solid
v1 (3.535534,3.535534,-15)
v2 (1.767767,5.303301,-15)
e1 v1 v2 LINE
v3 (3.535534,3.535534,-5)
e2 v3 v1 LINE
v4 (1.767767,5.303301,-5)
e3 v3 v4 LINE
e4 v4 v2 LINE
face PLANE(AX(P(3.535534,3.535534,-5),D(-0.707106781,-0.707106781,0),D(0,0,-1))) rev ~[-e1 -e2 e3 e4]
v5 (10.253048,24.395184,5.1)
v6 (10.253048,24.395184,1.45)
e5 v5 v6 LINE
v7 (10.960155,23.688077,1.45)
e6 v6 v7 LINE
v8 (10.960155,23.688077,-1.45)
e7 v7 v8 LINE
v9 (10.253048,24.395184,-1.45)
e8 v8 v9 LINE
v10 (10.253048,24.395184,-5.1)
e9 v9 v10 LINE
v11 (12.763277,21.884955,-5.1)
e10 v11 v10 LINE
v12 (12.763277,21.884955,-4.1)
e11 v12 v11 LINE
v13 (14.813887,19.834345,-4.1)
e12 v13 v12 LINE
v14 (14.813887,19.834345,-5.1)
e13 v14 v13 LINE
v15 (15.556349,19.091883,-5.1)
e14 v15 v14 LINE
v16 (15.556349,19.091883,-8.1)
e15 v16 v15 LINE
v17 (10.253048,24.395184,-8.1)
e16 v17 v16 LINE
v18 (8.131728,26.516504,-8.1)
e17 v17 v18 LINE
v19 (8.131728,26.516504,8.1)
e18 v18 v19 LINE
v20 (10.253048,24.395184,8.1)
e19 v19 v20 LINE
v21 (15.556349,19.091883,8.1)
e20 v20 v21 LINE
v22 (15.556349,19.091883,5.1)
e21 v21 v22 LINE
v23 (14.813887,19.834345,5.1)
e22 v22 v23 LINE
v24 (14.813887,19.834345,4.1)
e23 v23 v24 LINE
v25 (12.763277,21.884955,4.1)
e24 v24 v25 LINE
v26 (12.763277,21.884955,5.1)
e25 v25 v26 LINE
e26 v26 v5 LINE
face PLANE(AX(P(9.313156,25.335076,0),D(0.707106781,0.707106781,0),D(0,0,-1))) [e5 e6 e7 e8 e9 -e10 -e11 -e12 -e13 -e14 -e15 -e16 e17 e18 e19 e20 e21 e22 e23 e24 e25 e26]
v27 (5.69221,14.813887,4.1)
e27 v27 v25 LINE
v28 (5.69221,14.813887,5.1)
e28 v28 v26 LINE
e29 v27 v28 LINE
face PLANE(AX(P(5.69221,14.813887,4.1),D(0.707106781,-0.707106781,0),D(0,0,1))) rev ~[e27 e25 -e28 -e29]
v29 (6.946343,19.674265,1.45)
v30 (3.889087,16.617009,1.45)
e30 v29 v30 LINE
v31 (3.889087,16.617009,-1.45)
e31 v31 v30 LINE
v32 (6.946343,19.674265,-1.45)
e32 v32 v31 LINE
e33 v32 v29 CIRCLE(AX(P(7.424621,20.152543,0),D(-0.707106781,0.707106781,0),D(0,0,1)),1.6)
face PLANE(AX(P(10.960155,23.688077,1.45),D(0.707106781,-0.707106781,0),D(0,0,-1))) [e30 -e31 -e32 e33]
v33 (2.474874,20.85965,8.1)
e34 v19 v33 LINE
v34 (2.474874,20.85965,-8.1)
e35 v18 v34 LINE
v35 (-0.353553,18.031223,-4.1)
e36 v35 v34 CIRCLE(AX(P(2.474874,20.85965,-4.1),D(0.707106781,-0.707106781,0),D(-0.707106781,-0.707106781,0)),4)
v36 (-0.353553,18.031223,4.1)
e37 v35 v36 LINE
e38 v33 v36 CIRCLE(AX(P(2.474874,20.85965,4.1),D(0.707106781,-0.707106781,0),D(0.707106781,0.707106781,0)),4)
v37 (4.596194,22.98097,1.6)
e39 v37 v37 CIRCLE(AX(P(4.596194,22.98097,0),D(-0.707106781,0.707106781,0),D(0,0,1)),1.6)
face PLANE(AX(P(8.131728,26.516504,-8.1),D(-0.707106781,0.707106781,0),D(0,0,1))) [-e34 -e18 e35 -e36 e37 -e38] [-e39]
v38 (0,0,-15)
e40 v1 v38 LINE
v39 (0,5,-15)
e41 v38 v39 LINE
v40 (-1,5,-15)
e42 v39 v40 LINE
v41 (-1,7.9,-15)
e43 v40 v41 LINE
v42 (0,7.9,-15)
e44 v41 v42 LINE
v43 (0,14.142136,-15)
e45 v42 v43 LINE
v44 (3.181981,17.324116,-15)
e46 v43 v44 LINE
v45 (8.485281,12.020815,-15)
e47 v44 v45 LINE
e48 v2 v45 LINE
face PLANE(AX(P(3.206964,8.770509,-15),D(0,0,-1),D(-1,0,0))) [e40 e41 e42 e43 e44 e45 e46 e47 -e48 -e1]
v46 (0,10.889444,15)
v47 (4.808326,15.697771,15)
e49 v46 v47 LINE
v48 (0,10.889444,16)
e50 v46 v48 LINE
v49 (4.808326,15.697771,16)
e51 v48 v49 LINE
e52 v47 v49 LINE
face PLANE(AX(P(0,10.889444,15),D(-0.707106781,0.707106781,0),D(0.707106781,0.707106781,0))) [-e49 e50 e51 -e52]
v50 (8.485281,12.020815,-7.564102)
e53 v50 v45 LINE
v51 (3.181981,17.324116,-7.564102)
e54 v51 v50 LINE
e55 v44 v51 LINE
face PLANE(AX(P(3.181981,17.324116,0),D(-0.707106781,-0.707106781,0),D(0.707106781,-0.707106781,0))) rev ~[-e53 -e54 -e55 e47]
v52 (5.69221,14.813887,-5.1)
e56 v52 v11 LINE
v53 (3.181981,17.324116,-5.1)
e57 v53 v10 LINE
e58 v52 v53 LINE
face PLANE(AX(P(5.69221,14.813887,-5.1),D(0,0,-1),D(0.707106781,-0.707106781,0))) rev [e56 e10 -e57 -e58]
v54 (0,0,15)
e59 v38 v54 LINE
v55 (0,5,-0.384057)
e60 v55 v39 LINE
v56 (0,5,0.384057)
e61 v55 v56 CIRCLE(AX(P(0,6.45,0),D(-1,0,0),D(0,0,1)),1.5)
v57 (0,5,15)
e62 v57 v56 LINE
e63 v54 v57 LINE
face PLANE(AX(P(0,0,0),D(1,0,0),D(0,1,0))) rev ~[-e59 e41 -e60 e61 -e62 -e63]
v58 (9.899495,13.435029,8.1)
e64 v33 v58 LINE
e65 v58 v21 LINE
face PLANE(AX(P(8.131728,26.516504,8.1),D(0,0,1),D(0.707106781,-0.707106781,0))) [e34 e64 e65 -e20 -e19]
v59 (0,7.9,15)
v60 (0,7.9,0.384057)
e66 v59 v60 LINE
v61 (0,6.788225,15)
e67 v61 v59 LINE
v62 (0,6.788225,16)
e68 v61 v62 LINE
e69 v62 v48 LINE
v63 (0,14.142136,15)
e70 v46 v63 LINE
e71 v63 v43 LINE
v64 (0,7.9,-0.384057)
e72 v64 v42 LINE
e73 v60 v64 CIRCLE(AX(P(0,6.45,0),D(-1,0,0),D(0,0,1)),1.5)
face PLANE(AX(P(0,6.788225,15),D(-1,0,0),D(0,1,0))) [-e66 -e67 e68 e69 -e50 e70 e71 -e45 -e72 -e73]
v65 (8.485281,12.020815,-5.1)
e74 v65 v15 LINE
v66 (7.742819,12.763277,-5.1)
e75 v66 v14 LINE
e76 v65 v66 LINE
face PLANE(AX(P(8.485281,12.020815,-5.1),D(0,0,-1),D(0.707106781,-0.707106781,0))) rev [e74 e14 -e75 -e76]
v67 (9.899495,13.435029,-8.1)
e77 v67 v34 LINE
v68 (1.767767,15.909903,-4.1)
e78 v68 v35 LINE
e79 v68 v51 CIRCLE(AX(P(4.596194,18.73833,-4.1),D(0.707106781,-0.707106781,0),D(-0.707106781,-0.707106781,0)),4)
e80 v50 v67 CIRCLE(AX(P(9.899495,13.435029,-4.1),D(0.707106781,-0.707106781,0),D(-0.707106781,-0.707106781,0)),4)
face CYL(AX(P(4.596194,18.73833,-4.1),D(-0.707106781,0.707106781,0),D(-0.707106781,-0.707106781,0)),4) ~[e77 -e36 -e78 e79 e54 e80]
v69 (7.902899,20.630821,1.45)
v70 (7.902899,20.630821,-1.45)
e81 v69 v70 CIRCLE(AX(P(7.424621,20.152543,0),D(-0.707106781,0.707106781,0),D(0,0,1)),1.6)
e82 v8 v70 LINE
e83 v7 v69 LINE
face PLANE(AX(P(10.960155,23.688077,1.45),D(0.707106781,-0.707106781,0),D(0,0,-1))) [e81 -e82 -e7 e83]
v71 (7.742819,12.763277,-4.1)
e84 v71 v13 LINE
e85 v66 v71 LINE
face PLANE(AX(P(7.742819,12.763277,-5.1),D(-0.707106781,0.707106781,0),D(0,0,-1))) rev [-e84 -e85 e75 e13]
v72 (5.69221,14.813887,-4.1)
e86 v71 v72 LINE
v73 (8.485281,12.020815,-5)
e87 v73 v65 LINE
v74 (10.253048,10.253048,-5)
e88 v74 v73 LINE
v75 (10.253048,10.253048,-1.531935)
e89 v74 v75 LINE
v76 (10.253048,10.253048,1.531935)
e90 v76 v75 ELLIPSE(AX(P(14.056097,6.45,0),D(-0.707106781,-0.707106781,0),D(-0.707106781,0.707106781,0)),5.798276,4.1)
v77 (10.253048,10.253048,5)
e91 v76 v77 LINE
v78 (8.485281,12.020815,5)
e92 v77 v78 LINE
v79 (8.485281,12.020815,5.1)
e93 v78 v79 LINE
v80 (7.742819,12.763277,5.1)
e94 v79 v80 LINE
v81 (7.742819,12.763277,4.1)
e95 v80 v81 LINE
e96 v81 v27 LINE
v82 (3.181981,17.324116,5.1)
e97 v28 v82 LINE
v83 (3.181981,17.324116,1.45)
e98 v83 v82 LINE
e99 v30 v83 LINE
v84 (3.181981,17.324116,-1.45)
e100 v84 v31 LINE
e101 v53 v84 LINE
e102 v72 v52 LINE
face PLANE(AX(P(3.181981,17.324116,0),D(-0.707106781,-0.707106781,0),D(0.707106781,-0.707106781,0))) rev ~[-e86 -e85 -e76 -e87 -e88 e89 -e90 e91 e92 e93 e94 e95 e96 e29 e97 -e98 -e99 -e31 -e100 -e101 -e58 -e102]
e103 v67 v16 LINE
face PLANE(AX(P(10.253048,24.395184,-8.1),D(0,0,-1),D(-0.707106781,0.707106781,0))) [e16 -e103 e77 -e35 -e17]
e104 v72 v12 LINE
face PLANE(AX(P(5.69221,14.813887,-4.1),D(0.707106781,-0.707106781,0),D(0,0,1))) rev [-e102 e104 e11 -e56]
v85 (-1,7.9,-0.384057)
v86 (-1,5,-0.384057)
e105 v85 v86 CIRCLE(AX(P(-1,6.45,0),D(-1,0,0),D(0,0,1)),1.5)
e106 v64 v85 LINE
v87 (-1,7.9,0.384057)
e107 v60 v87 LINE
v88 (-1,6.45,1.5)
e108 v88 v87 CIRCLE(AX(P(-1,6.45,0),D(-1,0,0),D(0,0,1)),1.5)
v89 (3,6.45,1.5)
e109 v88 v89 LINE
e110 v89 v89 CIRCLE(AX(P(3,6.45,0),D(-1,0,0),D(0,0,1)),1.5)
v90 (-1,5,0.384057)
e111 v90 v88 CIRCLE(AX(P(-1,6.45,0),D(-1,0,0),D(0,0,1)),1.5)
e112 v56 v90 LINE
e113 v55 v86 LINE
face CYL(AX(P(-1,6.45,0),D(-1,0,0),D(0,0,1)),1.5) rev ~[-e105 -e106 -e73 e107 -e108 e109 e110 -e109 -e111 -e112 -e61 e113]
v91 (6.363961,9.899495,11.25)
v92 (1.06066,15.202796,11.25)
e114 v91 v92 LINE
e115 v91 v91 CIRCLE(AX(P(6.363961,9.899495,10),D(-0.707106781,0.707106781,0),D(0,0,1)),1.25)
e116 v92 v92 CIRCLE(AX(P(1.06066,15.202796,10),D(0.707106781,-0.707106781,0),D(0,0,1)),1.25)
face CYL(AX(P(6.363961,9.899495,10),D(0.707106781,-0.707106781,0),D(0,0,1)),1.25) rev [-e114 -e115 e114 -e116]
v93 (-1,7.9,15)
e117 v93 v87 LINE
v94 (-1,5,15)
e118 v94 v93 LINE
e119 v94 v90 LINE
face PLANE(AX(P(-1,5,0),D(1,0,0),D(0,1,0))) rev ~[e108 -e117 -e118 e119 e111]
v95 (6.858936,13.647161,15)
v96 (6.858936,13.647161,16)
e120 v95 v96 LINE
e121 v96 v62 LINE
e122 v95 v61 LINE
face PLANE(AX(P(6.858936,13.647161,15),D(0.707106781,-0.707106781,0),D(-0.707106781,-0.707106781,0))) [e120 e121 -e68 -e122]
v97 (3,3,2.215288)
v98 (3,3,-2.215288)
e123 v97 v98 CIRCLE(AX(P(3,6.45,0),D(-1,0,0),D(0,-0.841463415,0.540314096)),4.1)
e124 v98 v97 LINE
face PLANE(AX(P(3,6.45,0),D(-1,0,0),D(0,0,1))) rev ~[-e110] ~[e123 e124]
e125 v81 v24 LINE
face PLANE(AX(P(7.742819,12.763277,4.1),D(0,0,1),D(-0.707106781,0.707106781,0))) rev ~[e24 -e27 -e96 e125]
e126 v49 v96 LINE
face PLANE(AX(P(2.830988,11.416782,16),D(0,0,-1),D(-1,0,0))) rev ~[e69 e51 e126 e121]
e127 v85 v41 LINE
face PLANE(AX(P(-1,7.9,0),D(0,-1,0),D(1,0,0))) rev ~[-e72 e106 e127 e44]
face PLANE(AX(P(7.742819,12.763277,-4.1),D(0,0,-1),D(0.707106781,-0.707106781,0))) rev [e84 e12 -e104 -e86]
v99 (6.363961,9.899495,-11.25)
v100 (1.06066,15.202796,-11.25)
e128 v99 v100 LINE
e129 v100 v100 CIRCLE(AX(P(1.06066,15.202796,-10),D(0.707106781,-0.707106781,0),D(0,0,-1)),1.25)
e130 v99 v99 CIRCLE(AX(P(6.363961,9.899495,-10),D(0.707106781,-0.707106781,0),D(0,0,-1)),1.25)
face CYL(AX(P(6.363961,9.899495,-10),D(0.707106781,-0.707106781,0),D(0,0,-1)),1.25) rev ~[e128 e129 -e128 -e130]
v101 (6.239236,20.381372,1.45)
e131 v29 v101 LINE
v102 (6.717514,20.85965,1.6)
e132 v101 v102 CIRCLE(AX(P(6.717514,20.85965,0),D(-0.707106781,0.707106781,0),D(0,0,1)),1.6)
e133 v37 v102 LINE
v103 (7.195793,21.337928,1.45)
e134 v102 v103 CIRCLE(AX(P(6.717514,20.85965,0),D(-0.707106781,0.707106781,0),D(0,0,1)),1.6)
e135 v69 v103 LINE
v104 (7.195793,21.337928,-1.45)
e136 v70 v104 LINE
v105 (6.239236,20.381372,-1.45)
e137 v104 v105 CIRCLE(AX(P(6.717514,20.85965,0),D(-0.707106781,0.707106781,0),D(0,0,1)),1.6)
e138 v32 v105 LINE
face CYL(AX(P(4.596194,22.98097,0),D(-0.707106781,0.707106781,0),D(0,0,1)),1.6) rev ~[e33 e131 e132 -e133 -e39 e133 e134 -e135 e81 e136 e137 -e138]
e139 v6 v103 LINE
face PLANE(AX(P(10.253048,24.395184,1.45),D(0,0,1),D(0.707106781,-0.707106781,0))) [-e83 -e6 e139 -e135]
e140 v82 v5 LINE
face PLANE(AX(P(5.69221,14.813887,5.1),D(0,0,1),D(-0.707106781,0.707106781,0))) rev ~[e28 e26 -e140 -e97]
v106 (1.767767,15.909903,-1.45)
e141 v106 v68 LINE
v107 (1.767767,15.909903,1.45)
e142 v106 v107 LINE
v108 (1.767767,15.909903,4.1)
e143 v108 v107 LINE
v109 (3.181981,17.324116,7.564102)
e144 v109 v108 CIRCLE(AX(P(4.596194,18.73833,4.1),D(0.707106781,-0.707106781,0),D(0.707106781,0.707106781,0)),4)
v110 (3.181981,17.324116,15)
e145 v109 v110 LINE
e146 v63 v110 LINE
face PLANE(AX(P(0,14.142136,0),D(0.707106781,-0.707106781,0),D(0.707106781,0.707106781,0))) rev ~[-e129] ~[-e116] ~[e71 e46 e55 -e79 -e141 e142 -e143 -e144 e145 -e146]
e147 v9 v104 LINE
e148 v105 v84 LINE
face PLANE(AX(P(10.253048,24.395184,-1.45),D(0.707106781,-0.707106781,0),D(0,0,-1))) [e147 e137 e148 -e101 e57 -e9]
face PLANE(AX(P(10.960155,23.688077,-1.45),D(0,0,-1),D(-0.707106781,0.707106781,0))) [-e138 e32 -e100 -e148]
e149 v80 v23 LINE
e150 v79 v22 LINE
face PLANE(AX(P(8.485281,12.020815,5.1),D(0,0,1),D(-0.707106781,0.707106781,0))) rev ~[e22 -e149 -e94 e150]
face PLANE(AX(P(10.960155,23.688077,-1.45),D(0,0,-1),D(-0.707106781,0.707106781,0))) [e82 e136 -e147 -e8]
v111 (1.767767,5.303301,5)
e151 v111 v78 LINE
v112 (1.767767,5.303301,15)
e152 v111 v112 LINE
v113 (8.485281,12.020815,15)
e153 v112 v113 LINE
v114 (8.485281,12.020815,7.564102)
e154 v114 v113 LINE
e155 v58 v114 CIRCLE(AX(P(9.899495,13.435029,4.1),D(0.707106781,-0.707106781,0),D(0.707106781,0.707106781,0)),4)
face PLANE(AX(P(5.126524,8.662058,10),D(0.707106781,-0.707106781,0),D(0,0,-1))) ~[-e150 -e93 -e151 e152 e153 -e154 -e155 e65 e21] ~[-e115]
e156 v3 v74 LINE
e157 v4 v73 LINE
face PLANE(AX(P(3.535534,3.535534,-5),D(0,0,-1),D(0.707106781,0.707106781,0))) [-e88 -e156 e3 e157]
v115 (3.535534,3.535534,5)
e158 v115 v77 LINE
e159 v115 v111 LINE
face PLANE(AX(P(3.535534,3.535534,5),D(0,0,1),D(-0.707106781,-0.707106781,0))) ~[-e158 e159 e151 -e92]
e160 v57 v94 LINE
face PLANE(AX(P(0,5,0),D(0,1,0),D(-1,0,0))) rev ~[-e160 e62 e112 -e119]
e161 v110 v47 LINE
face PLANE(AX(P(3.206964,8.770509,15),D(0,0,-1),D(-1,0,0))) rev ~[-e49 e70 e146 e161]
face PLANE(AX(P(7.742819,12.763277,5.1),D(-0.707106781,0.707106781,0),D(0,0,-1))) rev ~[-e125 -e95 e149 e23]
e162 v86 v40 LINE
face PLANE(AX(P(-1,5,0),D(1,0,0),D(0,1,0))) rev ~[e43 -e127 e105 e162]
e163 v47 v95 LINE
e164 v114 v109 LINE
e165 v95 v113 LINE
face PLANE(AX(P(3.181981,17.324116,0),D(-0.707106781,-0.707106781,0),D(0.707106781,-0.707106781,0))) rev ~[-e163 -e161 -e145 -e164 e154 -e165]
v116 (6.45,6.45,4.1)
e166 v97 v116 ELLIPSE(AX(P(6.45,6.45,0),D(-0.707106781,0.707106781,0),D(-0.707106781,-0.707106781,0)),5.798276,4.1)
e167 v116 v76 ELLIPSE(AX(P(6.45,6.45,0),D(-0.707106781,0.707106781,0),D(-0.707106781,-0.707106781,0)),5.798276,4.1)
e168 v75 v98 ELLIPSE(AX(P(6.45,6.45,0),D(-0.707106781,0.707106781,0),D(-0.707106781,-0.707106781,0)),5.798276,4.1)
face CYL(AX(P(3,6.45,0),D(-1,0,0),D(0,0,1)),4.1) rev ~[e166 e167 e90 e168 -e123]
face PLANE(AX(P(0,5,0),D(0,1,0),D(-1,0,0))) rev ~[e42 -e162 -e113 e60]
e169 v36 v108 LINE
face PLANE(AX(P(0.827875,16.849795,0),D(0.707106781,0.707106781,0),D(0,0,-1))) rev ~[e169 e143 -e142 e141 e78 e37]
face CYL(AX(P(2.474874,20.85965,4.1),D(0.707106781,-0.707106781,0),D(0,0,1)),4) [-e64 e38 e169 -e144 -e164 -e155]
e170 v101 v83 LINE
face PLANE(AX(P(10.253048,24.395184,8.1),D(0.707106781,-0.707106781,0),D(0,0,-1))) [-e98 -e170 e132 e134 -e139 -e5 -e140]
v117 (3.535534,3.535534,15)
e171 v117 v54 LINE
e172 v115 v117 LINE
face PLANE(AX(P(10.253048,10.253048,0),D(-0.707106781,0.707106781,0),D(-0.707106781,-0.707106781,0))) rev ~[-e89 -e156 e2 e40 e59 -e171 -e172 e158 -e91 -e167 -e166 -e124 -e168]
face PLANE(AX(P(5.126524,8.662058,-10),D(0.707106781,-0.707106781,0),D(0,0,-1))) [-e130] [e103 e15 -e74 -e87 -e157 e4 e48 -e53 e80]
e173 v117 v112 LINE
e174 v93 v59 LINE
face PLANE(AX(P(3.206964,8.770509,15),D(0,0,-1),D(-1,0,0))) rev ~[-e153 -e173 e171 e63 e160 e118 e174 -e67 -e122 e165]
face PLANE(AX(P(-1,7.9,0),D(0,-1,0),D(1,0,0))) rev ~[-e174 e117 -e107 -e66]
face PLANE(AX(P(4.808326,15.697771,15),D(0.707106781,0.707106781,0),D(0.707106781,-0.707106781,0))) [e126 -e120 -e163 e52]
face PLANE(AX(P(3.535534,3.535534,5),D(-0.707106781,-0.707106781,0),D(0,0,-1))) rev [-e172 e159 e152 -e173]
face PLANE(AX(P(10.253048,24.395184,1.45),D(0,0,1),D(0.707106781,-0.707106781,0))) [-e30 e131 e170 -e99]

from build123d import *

# Parameters (mm, degrees)
MAIN_EXTRUSION_DEPTH                   = 15
ESQUISSE2_W                            = 10
ESQUISSE2_H                            = 9.5
WINDOW_EXTRUSION_DEPTH                 = 2.5
ESQUISSE5_R                            = 1.25
WINDOW_HOLE_EXTRUSION_DEPTH            = 11.457106781
FIXATION_TOP_MAKERBEAM_EXTRUSION_DEPTH = 10
ESQUISSE3_R                            = 1.5
WINDOW_HOLE_FIXATION_DEPTH             = 17.556349186
ESQUISSE4_R                            = 4.1
CENTRAL_FIXATION_DEPTH                 = 13.556349186
BOSS_EXTRU_2_DEPTH                     = 1
BOSS_EXTRU_6_DEPTH                     = 12
CONG_1_R                               = 4
ESQUISSE11_R                           = 1.6
ENL_V_MAT_EXTRU_2_DEPTH                = 25


with BuildPart() as part:
    # Esquisse1 → Main Extrusion (new body, symmetric)
    with BuildSketch(Plane.XY):
        Polygon((0, 0), (0, 5), (-1, 5), (-1, 7.9), (0, 7.9), (0, 14.142135624), (3.181980515, 17.324116139), (10.253048327, 10.253048327), align=None)
    extrude(amount=MAIN_EXTRUSION_DEPTH, both=True)

    # Esquisse2 → Window Extrusion (cut)
    with BuildSketch(Plane(origin=(0, 0, 0), x_dir=(0, 0, -1), z_dir=(0.707106781, -0.707106781, 0))):
        with Locations((10, 9.75)):
            Rectangle(ESQUISSE2_W, ESQUISSE2_H)
    window_extrusion = extrude(amount=-WINDOW_EXTRUSION_DEPTH, mode=Mode.SUBTRACT)

    # Esquisse5 → Window Hole Extrusion (cut, through all)
    with BuildSketch(Plane(origin=(-1.767766953, 1.767766953, 0), x_dir=(0, 0, -1), z_dir=(0.707106781, -0.707106781, 0))):
        with Locations((10, 11.5)):
            Circle(ESQUISSE5_R)
    window_hole_extrusion = extrude(amount=-WINDOW_HOLE_EXTRUSION_DEPTH, mode=Mode.SUBTRACT)

    # Esquisse7 → Fixation Top MakerBeam Extrusion (add)
    with BuildSketch(Plane(origin=(10.253048327, 10.253048327, 0), x_dir=(0, 0, -1), z_dir=(0.707106781, 0.707106781, 0))):
        Polygon((-5.1, 2.5), (-5.1, 3.55), (-4.1, 3.55), (-4.1, 6.45), (-5.1, 6.45), (-5.1, 10), (-8.1, 10), (-8.1, 2.5), align=None)
    fixation_top_makerbeam_extrusion = extrude(amount=FIXATION_TOP_MAKERBEAM_EXTRUSION_DEPTH)

    # Window Symetry: Window Extrusion, Window Hole Extrusion, Fixation Top MakerBeam Extrusion across plane
    add(window_extrusion.mirror(Plane.XY), mode=Mode.SUBTRACT)
    add(window_hole_extrusion.mirror(Plane.XY), mode=Mode.SUBTRACT)
    add(fixation_top_makerbeam_extrusion.mirror(Plane.XY))

    # Esquisse3 → Window Hole Fixation (cut, through all)
    with BuildSketch(Plane.ZY.offset(1)):
        with Locations((0, 6.45)):
            Circle(ESQUISSE3_R)
    extrude(amount=-WINDOW_HOLE_FIXATION_DEPTH, mode=Mode.SUBTRACT)

    # Esquisse4 → Central Fixation (cut, through all)
    with BuildSketch(Plane.ZY.offset(-3)):
        with Locations((0, 6.45)):
            Circle(ESQUISSE4_R)
    extrude(amount=-CENTRAL_FIXATION_DEPTH, mode=Mode.SUBTRACT)

    # Esquisse6 → Boss.-Extru.2 (add)
    with BuildSketch(Plane.XY.offset(15)):
        Polygon((0, 10.88944443), (4.808326112, 15.697770542), (6.858935778, 13.647160877), (0, 6.788225099), align=None)
    extrude(amount=BOSS_EXTRU_2_DEPTH)

    # Esquisse8 → Boss.-Extru.6 (add)
    with BuildSketch(Plane(origin=(17.324116139, 17.324116139, 0), x_dir=(0, 0, -1), z_dir=(0.707106781, 0.707106781, 0))):
        Polygon((-8.1, 10), (-1.45, 10), (-1.45, 9), (1.45, 9), (1.45, 10), (8.1, 10), (8.1, 13), (-8.1, 13), align=None)
    extrude(amount=-BOSS_EXTRU_6_DEPTH)

    # Congé1
    cong_1_edges = [part.edges().sort_by_distance(p)[0] for p in [
        (0.707106781, 16.970562748, -8.1),
        (0.707106781, 16.970562748, 8.1),
    ]]
    fillet(cong_1_edges, radius=CONG_1_R)

    # Esquisse11 → Enlèv. mat.-Extru.2 (cut, through all)
    with BuildSketch(Plane(origin=(-9.192388155, 9.192388155, 0), x_dir=(0, 0, 1), z_dir=(-0.707106781, 0.707106781, 0))):
        with Locations((0, 19.5)):
            Circle(ESQUISSE11_R)
    extrude(amount=-ENL_V_MAT_EXTRU_2_DEPTH, mode=Mode.SUBTRACT)


solid = part.part
